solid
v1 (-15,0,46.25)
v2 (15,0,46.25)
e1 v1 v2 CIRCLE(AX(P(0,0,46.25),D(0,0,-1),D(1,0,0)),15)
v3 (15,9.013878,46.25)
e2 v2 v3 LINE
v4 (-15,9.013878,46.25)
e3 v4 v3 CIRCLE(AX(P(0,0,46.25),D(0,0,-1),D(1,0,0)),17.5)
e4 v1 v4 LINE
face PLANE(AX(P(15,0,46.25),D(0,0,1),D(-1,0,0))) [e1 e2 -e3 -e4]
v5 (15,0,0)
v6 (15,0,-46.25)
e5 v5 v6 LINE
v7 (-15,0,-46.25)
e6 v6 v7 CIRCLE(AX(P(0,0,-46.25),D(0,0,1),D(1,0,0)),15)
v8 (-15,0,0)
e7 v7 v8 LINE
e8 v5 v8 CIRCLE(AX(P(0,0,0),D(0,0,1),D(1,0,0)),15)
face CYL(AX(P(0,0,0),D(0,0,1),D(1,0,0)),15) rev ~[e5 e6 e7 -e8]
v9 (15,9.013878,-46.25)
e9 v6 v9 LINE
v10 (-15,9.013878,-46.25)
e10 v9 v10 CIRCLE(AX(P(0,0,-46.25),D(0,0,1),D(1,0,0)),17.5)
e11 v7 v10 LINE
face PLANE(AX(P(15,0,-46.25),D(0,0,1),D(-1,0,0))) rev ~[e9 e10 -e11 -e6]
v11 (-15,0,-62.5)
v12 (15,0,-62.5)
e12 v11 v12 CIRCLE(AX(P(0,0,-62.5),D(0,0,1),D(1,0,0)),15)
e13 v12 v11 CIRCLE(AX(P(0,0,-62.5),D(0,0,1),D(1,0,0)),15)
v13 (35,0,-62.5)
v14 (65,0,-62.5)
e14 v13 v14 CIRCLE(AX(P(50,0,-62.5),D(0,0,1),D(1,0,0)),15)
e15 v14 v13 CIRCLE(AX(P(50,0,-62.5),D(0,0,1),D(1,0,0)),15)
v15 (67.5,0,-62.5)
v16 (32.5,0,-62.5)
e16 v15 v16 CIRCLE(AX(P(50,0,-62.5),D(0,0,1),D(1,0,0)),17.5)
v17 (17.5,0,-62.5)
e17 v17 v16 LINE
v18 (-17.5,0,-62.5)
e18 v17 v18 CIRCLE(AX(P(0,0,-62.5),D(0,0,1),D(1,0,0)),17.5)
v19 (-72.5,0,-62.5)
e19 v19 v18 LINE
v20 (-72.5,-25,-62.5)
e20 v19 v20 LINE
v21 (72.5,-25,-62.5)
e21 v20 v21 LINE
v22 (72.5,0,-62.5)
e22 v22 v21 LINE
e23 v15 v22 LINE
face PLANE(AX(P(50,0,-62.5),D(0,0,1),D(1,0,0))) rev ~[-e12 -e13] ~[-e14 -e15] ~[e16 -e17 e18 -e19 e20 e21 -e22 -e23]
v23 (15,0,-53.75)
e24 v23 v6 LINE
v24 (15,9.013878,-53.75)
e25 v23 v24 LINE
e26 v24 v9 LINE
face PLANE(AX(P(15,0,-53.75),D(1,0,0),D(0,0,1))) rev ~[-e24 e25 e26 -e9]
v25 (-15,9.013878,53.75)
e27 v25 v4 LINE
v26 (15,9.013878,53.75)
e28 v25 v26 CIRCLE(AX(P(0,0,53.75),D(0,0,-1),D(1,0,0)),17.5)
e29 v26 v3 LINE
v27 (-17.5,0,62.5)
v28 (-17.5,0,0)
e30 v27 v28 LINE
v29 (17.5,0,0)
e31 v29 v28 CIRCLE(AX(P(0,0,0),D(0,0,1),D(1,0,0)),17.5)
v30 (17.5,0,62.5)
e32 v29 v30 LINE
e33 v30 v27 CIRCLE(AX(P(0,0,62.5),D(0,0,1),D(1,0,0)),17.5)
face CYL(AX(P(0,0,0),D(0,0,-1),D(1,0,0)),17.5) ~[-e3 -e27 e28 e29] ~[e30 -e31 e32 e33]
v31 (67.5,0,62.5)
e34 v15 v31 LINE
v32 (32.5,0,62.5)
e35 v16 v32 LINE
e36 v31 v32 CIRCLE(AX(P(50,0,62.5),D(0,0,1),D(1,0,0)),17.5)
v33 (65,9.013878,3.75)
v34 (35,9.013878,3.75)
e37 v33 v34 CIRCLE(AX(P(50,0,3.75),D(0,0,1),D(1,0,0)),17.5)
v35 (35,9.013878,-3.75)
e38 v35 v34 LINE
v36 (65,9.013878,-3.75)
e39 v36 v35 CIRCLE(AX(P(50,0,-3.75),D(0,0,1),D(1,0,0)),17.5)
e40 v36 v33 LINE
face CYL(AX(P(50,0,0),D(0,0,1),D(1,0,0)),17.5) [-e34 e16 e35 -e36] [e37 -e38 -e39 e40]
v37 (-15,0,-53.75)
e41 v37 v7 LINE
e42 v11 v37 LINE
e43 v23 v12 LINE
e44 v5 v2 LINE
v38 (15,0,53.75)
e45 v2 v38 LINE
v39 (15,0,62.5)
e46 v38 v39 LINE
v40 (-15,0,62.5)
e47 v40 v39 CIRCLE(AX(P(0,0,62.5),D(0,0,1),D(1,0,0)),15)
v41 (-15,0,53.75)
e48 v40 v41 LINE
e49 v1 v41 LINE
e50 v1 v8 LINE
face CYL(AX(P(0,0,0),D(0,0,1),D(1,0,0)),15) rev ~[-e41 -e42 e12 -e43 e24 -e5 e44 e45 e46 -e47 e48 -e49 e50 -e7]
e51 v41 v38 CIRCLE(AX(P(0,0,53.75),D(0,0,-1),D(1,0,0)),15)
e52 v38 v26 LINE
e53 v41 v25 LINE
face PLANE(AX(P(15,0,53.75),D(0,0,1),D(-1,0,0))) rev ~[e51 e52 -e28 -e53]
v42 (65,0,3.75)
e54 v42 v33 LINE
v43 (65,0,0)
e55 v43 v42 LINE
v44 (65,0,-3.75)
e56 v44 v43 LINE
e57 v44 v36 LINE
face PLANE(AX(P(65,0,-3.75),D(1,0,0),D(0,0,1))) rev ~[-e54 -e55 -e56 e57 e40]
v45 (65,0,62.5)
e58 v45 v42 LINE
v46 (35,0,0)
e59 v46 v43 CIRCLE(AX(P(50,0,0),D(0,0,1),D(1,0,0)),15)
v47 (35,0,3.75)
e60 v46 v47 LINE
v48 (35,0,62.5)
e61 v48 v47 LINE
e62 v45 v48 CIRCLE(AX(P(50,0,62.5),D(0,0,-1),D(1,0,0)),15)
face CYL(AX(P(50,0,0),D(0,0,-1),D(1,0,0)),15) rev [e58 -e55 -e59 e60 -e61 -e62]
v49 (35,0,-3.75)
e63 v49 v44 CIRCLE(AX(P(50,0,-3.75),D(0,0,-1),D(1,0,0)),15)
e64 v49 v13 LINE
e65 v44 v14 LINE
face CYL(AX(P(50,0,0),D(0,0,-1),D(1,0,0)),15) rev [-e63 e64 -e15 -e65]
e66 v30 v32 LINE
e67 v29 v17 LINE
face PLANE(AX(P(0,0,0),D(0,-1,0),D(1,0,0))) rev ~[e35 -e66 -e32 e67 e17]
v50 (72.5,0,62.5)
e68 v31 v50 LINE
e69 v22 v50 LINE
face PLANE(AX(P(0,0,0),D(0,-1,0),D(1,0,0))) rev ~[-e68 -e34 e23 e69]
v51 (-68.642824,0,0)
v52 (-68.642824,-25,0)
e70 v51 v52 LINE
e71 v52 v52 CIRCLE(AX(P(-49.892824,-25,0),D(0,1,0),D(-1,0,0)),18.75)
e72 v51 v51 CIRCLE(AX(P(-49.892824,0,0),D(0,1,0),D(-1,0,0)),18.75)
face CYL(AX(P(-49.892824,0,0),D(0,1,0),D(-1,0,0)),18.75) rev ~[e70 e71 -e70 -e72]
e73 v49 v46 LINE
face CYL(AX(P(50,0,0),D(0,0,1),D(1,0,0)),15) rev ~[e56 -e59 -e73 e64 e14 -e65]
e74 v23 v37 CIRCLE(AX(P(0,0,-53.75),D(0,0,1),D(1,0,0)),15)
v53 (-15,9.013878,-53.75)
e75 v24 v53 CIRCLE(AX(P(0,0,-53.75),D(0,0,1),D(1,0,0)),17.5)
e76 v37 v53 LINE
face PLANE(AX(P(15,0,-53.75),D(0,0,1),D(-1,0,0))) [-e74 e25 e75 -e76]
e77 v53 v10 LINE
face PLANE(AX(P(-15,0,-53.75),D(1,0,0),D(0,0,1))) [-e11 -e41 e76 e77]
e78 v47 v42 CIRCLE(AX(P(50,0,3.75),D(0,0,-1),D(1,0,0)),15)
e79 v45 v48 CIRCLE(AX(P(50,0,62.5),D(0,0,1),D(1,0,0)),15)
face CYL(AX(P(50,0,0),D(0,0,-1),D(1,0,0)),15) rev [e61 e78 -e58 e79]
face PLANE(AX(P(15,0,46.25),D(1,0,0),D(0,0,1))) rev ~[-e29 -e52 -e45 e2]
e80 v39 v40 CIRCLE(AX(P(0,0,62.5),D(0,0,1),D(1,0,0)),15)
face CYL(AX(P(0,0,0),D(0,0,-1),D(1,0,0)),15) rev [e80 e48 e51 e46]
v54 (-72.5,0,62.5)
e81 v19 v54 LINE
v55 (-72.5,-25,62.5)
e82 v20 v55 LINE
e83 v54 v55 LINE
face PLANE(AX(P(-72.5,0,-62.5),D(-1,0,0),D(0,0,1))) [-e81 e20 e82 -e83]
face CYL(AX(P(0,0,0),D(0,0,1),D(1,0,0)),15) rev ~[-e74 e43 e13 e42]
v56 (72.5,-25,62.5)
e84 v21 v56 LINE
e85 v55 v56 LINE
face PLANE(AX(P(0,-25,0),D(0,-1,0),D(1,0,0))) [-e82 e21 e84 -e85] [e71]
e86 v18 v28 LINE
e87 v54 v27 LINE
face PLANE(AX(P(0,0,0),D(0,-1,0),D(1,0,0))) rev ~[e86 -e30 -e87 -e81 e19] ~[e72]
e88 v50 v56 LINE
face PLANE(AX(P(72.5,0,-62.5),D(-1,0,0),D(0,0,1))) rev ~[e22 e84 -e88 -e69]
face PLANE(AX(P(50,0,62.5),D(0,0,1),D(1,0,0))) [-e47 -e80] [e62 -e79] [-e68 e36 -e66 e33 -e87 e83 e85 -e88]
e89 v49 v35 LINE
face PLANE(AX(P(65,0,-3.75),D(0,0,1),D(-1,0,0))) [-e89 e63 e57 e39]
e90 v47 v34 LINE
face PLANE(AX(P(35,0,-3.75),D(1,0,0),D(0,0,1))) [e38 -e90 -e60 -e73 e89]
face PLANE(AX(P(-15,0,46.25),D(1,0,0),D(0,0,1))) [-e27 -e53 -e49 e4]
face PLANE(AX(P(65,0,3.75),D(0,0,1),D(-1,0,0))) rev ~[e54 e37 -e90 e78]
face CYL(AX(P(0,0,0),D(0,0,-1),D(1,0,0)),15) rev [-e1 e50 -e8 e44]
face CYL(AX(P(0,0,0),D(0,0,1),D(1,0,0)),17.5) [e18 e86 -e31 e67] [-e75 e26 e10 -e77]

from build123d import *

# Parameters (mm, degrees)
F0_W     = 145
F0_H     = 125
F1_DEPTH = 25
F3_R     = 17.5
F3_R_2   = 15
F4_DEPTH = 62.5
F2_W     = 30
F2_H     = 7.5
F5_DEPTH = 25
F6_DEPTH = 25
F2_R     = 18.75
F7_DEPTH = 2000
F8_DEPTH = 12500


with BuildPart() as f1:
    # F0 (on Front) → F1 (new body)
    with BuildSketch(Plane.XZ):
        Rectangle(F0_W, F0_H)
    extrude(amount=F1_DEPTH)

    # F3 (on Top) → F4 (join, symmetric)
    with BuildSketch(Plane.XY):
        Circle(F3_R)
        Circle(F3_R_2, mode=Mode.SUBTRACT)
        with Locations((50, 0)):
            Circle(F3_R)
        with Locations((50, 0)):
            Circle(F3_R_2, mode=Mode.SUBTRACT)
    extrude(amount=F4_DEPTH, both=True)

    # F2 (on face) → F5 (cut)
    with BuildSketch(Plane(origin=(0, 0, 0), x_dir=(-1, 0, 0), z_dir=(0, 1, 0))):
        with Locations((0, 50)):
            Rectangle(F2_W, F2_H)
        with Locations((0, -50)):
            Rectangle(F2_W, F2_H)
    extrude(amount=F5_DEPTH, mode=Mode.SUBTRACT)

    # F2 (on face) → F6 (cut)
    with BuildSketch(Plane(origin=(0, 0, 0), x_dir=(-1, 0, 0), z_dir=(0, 1, 0))):
        with Locations((-50, 0)):
            Rectangle(F2_W, F2_H)
    extrude(amount=F6_DEPTH, mode=Mode.SUBTRACT)

    # F2 (on face) → F7 (cut)
    with BuildSketch(Plane(origin=(0, 0, 0), x_dir=(-1, 0, 0), z_dir=(0, 1, 0))):
        with Locations((49.892824, 0)):
            Circle(F2_R)
    extrude(amount=-F7_DEPTH, mode=Mode.SUBTRACT)

    # F3 (on Top) → F8 (cut, symmetric)
    with BuildSketch(Plane.XY):
        with Locations((50, 0)):
            Circle(F3_R_2)
        Circle(F3_R_2)
    extrude(amount=F8_DEPTH, both=True, mode=Mode.SUBTRACT)


solid = f1.part
